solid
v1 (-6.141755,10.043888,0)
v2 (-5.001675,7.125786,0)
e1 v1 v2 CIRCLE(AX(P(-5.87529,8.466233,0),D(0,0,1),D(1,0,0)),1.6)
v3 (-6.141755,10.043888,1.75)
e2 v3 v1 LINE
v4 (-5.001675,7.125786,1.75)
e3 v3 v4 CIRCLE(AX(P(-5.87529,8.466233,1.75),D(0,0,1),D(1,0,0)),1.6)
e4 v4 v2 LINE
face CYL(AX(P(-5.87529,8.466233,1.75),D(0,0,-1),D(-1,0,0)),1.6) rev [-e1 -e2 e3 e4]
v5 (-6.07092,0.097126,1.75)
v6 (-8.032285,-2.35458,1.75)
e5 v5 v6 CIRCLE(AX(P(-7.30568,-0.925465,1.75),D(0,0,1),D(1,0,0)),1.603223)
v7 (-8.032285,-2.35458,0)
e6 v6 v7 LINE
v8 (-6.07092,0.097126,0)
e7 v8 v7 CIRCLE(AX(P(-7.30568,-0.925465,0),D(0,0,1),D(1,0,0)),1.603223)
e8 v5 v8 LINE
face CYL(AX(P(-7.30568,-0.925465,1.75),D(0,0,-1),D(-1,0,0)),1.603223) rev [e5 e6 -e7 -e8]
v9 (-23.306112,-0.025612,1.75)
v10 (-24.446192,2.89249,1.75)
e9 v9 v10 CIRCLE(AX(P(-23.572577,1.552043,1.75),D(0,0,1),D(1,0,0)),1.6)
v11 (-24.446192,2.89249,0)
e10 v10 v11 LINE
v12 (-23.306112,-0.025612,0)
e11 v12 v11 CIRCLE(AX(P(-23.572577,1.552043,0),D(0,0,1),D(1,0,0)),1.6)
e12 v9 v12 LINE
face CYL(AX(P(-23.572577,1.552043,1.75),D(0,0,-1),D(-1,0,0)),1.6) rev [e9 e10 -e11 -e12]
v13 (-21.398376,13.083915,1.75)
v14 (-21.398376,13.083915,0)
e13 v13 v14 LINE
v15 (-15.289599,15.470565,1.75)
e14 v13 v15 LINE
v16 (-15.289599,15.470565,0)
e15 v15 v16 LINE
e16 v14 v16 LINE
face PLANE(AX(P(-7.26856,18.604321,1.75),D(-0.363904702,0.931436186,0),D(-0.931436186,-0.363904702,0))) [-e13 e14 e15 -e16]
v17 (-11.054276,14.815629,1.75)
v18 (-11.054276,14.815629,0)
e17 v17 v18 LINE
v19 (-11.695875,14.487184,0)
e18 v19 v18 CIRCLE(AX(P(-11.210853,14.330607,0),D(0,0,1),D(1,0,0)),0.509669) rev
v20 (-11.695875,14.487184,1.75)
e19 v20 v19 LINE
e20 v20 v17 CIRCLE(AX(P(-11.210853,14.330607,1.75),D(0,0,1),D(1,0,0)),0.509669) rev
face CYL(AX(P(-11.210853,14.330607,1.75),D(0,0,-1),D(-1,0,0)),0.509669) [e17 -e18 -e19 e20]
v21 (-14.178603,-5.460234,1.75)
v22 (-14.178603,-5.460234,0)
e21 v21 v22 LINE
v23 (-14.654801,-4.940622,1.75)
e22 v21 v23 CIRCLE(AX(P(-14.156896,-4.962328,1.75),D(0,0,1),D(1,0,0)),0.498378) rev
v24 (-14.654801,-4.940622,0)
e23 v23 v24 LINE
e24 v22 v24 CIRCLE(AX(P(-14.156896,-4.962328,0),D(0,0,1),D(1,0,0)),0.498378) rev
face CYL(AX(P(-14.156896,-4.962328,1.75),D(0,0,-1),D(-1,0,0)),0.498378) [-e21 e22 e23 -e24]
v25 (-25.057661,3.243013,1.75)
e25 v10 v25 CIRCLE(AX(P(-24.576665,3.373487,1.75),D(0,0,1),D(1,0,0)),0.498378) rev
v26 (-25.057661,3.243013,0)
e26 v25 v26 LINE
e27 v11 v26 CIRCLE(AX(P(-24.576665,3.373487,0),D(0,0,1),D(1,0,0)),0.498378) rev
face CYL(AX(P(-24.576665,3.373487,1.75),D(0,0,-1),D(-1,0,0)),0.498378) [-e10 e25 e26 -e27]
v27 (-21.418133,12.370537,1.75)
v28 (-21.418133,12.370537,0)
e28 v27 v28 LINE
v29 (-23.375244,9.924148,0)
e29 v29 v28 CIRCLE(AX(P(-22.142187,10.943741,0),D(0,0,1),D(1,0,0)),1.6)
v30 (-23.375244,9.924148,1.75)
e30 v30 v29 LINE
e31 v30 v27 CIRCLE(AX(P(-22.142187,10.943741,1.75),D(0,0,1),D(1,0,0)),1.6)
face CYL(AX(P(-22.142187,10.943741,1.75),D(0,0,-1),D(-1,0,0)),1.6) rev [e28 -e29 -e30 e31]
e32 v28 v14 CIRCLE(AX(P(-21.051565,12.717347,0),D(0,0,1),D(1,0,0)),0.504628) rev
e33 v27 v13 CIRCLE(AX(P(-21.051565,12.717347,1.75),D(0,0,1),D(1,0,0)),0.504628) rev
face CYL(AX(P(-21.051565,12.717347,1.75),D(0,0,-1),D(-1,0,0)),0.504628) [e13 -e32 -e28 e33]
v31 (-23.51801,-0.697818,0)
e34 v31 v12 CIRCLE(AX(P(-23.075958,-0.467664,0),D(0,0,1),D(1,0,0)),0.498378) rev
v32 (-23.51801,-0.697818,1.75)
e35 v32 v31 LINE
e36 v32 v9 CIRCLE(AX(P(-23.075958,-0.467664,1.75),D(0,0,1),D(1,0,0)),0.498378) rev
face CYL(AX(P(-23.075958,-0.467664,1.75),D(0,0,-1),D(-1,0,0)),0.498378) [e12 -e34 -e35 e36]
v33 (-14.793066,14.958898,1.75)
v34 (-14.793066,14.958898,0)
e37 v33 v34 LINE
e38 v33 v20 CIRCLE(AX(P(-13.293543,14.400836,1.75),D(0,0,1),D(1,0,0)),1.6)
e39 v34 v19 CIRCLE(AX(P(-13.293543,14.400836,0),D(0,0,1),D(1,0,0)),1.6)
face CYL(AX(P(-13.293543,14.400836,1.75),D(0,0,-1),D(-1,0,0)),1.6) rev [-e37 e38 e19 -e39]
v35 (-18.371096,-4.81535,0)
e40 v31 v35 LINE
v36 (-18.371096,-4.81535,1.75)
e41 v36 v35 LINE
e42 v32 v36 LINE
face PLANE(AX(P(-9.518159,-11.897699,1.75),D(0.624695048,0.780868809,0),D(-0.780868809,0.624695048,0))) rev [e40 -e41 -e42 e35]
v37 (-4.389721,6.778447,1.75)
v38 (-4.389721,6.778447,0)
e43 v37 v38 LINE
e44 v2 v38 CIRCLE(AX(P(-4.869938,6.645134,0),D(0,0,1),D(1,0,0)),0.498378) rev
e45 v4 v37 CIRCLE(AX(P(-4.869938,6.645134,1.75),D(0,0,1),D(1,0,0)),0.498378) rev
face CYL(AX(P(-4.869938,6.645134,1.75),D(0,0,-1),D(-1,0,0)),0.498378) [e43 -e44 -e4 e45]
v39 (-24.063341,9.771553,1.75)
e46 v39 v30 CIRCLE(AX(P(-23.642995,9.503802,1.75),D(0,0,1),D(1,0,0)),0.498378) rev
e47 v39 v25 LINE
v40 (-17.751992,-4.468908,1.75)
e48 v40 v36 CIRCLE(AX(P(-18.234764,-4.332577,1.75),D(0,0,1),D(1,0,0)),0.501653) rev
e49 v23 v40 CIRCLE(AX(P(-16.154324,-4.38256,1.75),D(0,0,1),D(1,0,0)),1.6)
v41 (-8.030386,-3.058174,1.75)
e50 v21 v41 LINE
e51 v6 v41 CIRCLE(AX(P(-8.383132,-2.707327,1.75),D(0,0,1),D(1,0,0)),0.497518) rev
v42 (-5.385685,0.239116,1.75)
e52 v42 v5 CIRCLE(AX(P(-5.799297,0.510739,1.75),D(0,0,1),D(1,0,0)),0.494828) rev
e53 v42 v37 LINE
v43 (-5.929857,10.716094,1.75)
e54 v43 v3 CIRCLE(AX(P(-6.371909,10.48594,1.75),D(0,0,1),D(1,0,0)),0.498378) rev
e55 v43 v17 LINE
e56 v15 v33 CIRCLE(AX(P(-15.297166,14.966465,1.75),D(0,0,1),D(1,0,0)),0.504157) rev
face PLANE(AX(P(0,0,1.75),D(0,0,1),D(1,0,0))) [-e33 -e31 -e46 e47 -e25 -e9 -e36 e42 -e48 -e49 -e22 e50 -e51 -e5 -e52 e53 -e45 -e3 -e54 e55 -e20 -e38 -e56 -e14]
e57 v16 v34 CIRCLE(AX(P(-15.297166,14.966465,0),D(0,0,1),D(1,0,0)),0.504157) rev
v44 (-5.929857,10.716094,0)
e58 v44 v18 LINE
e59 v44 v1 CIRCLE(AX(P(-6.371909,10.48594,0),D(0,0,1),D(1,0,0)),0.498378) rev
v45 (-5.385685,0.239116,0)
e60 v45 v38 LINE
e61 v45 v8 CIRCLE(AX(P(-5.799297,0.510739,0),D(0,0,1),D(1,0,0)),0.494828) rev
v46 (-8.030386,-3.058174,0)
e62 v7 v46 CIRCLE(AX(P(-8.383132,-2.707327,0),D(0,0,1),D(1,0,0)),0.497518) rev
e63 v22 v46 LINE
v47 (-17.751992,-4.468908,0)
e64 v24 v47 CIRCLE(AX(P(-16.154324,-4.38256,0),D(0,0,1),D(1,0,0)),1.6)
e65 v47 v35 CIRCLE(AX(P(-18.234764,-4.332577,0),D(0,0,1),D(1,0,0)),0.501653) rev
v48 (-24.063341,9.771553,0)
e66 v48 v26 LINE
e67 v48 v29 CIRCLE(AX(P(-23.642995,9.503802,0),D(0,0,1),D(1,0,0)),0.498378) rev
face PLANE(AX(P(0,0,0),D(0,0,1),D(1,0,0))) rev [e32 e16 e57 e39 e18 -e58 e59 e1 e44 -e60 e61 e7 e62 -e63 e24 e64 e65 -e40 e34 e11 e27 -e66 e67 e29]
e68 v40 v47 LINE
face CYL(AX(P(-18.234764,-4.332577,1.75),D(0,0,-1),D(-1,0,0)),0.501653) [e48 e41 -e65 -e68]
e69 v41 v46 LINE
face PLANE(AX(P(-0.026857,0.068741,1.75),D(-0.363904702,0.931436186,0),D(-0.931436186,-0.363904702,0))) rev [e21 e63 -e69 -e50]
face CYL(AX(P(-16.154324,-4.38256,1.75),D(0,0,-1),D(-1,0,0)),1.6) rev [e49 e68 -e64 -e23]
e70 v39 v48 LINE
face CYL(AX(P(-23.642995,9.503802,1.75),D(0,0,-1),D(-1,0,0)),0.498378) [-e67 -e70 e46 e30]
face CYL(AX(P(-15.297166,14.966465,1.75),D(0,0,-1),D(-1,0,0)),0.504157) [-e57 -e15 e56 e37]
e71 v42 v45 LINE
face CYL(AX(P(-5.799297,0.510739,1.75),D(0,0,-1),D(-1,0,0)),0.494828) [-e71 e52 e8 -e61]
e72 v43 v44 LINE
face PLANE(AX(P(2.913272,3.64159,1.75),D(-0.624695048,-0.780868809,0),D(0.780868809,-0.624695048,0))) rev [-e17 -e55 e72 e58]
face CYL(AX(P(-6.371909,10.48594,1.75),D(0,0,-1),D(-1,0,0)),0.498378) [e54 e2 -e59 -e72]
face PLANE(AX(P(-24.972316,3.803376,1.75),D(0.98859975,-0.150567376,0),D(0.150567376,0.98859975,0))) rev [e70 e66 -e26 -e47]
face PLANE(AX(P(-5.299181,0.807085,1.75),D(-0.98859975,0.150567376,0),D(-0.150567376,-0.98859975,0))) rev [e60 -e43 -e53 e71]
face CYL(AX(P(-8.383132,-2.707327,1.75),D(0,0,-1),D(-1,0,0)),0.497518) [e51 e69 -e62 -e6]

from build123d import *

# Parameters (mm, degrees)
P_IDAT_VYSUNUT_M1_DEPTH = 1.75


with BuildPart() as part:
    # Skica1 → Přidat vysunutím1 (new body)
    with BuildSketch(Plane.XY):
        with BuildLine():
            ThreePointArc((-23.51800991, -0.697818184), (-23.551279529, -0.317829699), (-23.306112267, -0.025612092))
            ThreePointArc((-23.306112267, -0.025612092), (-22.082279375, 2.134290781), (-24.446191601, 2.8924902))
            ThreePointArc((-24.446191601, 2.8924902), (-24.824522171, 2.941112168), (-25.057661359, 3.243013203))
            Line((-25.057661359, 3.243013203), (-24.063340681, 9.771553438))
            ThreePointArc((-24.063340681, 9.771553438), (-23.75089581, 9.990360015), (-23.375244308, 9.924147742))
            ThreePointArc((-23.375244308, 9.924147742), (-20.892797104, 9.944228804), (-21.418133259, 12.370536553))
            ThreePointArc((-21.418133259, 12.370536553), (-21.555999835, 12.731317514), (-21.398375562, 13.083914568))
            Line((-21.398375562, 13.083914568), (-15.289598715, 15.470565049))
            ThreePointArc((-15.289598715, 15.470565049), (-14.935362368, 15.317566791), (-14.79306555, 14.958897763))
            ThreePointArc((-14.79306555, 14.958897763), (-13.534451239, 12.819075952), (-11.695875168, 14.487184282))
            ThreePointArc((-11.695875168, 14.487184282), (-11.443098415, 14.784286161), (-11.054275505, 14.815628758))
            Line((-11.054275505, 14.815628758), (-5.929857109, 10.716094041))
            ThreePointArc((-5.929857109, 10.716094041), (-5.896587491, 10.336105556), (-6.141754752, 10.043887949))
            ThreePointArc((-6.141754752, 10.043887949), (-7.365587644, 7.883985076), (-5.001675418, 7.125785657))
            ThreePointArc((-5.001675418, 7.125785657), (-4.623928538, 7.078562418), (-4.389720717, 6.778446712))
            Line((-4.389720717, 6.778446712), (-5.385684859, 0.239115766))
            ThreePointArc((-5.385684859, 0.239115766), (-5.698895503, 0.026203976), (-6.070920244, 0.097125976))
            ThreePointArc((-6.070920244, 0.097125976), (-8.557586552, 0.076060362), (-8.03228479, -2.354579707))
            ThreePointArc((-8.03228479, -2.354579707), (-7.885616036, -2.705983653), (-8.030385679, -3.058174236))
            Line((-8.030385679, -3.058174236), (-14.178602738, -5.460233693))
            ThreePointArc((-14.178602738, -5.460233693), (-14.524317228, -5.299051786), (-14.654801469, -4.940621906))
            ThreePointArc((-14.654801469, -4.940621906), (-15.913415781, -2.800800095), (-17.751991851, -4.468908425))
            ThreePointArc((-17.751991851, -4.468908425), (-17.989793399, -4.770349614), (-18.371095594, -4.815349636))
            Line((-18.371095594, -4.815349636), (-23.51800991, -0.697818184))
        make_face()
    extrude(amount=P_IDAT_VYSUNUT_M1_DEPTH)


solid = part.part
